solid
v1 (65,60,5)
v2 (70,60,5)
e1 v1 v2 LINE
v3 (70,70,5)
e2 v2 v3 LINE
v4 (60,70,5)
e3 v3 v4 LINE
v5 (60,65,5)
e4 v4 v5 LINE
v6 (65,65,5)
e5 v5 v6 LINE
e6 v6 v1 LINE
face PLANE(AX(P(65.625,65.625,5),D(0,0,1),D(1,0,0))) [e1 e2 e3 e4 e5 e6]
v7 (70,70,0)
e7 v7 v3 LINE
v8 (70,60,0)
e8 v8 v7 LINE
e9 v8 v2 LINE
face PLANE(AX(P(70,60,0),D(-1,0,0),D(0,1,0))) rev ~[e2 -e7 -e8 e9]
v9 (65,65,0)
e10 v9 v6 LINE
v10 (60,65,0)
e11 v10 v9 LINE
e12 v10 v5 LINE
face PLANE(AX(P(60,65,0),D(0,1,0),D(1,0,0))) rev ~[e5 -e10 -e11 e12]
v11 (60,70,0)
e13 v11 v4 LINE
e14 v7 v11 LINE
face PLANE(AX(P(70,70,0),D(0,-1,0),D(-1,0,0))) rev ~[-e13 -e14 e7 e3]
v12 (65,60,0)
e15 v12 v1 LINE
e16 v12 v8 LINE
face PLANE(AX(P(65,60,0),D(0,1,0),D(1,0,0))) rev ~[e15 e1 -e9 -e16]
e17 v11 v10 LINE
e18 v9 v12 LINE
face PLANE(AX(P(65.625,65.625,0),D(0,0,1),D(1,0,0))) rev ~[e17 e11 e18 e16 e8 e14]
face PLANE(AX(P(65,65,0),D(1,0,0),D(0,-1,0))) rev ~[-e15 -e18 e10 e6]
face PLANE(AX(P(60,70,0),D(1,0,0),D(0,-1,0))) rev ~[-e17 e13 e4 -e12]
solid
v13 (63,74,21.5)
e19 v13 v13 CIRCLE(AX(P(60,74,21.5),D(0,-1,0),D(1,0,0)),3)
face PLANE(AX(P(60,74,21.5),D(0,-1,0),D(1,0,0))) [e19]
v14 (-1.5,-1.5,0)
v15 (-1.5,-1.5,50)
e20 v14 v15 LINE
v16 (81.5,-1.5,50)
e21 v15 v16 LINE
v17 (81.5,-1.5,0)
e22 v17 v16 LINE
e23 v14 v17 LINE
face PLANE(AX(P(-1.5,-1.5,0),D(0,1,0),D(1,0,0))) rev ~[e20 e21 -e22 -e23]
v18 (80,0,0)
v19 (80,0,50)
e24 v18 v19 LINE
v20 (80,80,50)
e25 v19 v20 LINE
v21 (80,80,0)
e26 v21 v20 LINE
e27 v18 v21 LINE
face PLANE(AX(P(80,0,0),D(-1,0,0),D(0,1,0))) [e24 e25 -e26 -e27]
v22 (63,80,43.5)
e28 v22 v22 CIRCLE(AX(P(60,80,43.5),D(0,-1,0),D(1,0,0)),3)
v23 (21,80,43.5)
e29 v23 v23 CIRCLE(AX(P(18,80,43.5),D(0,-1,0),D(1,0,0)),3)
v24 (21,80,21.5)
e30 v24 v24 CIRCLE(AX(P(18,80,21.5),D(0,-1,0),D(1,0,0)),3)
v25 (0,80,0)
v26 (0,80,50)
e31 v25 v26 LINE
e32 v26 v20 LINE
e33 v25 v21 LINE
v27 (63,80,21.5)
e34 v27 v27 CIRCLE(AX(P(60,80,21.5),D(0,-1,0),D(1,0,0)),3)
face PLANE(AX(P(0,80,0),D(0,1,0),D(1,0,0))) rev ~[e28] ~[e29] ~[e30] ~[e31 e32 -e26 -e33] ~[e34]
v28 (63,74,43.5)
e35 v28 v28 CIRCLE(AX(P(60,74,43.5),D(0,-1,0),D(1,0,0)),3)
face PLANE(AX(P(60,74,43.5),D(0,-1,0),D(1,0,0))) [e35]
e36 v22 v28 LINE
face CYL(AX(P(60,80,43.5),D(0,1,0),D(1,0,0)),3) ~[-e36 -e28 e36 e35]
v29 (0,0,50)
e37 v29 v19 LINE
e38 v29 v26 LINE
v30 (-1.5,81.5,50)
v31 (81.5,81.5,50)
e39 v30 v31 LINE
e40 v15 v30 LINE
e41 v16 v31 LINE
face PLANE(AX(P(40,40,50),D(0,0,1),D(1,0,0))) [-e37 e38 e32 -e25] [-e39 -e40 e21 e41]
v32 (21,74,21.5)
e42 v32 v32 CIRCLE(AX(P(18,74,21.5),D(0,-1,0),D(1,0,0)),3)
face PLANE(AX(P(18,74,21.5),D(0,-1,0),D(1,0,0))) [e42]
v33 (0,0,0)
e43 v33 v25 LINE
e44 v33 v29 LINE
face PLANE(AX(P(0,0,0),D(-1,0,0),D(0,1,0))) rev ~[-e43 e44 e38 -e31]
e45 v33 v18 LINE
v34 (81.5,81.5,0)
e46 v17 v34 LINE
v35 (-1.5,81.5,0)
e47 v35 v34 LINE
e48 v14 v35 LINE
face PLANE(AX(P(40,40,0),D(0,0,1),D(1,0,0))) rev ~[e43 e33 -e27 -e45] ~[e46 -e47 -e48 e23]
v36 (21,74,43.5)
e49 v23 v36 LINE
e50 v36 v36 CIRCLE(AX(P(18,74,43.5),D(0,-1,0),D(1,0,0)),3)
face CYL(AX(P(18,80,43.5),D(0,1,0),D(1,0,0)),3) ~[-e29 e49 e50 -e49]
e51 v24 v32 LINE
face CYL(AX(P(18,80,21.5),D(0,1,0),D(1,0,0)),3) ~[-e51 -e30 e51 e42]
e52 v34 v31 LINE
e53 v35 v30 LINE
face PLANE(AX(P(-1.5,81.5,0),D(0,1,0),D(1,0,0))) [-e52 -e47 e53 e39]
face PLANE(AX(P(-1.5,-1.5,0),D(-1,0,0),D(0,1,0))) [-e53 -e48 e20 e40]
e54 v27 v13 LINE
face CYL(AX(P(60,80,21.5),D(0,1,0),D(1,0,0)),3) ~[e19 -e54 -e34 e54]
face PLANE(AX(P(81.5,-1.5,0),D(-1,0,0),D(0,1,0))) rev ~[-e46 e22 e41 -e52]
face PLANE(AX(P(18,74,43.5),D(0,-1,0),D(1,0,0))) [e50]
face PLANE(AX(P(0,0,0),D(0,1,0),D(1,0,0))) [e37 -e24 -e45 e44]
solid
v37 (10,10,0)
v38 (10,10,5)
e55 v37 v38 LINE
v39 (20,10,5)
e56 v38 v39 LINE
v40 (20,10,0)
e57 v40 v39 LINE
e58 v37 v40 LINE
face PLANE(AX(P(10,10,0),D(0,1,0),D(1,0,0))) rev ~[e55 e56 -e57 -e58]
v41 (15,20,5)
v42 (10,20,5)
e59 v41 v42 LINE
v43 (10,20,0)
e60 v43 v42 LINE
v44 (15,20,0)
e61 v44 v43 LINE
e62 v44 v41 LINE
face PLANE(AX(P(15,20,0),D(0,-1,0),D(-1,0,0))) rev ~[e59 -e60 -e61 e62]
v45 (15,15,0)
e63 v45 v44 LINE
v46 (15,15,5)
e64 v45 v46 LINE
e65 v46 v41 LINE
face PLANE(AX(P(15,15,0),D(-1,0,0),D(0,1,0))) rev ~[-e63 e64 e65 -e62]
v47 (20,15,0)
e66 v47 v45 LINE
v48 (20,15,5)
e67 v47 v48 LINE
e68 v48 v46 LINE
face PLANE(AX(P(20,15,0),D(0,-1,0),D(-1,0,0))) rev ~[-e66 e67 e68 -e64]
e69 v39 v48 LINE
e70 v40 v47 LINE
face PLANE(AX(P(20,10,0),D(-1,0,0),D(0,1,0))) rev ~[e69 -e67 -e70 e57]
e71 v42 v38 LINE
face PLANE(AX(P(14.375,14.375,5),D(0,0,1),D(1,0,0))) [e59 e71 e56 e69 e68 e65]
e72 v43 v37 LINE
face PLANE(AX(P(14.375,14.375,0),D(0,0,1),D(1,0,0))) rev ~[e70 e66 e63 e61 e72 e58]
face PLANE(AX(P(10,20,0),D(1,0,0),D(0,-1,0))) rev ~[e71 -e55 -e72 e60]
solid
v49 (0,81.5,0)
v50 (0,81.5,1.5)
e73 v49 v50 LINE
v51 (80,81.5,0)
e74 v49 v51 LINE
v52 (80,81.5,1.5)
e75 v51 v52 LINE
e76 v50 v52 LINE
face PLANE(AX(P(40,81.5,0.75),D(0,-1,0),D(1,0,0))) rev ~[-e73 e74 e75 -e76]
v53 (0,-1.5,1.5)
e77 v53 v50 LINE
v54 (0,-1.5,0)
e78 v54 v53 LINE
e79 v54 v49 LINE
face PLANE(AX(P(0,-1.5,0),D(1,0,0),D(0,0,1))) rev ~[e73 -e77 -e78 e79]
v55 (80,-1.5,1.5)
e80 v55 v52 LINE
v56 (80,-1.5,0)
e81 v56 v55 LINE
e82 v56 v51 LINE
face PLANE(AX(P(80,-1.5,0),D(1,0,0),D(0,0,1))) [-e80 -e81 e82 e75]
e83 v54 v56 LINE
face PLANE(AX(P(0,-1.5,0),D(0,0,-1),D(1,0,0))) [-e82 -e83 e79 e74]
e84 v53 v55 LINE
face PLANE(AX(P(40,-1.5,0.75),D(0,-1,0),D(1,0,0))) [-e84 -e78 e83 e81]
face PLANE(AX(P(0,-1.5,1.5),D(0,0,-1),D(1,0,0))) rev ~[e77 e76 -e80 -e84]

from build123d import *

# Parameters (mm, degrees)
F1_DEPTH = 5
F0_W     = 83
F0_H     = 83
F0_W_2   = 80
F0_H_2   = 80
F2_DEPTH = 50
F3_W     = 80
F3_H     = 1.5
F4_DEPTH = 83
F5_R     = 3
F6_DEPTH = 6


with BuildPart() as f1:
    # F0 (on Top) → F1 (new body)
    with BuildSketch(Plane.XY):
        Polygon((20, 15), (15, 15), (15, 20), (10, 20), (10, 10), (20, 10), align=None)
        Polygon((60, 70), (60, 65), (65, 65), (65, 60), (70, 60), (70, 70), align=None)
    extrude(amount=F1_DEPTH)


with BuildPart() as f2:
    # F0 (on Top) → F2 (new body)
    with BuildSketch(Plane.XY):
        with Locations((40, 40)):
            Rectangle(F0_W, F0_H)
        with Locations((40, 40)):
            Rectangle(F0_W_2, F0_H_2, mode=Mode.SUBTRACT)
    extrude(amount=F2_DEPTH)

    # F5 (on face) → F6 (join)
    with BuildSketch(Plane.XZ.offset(-80)):
        with Locations((18, 43.5)):
            Circle(F5_R)
        with Locations((60, 43.5)):
            Circle(F5_R)
        with Locations((18, 21.5)):
            Circle(F5_R)
        with Locations((60, 21.5)):
            Circle(F5_R)
    extrude(amount=F6_DEPTH)


with BuildPart() as f4:
    # F3 (on face) → F4 (new body)
    with BuildSketch(Plane.XZ.offset(1.5)):
        with Locations((40, 0.75)):
            Rectangle(F3_W, F3_H)
    extrude(amount=-F4_DEPTH)


solid = Compound([f1.part, f2.part, f4.part])
